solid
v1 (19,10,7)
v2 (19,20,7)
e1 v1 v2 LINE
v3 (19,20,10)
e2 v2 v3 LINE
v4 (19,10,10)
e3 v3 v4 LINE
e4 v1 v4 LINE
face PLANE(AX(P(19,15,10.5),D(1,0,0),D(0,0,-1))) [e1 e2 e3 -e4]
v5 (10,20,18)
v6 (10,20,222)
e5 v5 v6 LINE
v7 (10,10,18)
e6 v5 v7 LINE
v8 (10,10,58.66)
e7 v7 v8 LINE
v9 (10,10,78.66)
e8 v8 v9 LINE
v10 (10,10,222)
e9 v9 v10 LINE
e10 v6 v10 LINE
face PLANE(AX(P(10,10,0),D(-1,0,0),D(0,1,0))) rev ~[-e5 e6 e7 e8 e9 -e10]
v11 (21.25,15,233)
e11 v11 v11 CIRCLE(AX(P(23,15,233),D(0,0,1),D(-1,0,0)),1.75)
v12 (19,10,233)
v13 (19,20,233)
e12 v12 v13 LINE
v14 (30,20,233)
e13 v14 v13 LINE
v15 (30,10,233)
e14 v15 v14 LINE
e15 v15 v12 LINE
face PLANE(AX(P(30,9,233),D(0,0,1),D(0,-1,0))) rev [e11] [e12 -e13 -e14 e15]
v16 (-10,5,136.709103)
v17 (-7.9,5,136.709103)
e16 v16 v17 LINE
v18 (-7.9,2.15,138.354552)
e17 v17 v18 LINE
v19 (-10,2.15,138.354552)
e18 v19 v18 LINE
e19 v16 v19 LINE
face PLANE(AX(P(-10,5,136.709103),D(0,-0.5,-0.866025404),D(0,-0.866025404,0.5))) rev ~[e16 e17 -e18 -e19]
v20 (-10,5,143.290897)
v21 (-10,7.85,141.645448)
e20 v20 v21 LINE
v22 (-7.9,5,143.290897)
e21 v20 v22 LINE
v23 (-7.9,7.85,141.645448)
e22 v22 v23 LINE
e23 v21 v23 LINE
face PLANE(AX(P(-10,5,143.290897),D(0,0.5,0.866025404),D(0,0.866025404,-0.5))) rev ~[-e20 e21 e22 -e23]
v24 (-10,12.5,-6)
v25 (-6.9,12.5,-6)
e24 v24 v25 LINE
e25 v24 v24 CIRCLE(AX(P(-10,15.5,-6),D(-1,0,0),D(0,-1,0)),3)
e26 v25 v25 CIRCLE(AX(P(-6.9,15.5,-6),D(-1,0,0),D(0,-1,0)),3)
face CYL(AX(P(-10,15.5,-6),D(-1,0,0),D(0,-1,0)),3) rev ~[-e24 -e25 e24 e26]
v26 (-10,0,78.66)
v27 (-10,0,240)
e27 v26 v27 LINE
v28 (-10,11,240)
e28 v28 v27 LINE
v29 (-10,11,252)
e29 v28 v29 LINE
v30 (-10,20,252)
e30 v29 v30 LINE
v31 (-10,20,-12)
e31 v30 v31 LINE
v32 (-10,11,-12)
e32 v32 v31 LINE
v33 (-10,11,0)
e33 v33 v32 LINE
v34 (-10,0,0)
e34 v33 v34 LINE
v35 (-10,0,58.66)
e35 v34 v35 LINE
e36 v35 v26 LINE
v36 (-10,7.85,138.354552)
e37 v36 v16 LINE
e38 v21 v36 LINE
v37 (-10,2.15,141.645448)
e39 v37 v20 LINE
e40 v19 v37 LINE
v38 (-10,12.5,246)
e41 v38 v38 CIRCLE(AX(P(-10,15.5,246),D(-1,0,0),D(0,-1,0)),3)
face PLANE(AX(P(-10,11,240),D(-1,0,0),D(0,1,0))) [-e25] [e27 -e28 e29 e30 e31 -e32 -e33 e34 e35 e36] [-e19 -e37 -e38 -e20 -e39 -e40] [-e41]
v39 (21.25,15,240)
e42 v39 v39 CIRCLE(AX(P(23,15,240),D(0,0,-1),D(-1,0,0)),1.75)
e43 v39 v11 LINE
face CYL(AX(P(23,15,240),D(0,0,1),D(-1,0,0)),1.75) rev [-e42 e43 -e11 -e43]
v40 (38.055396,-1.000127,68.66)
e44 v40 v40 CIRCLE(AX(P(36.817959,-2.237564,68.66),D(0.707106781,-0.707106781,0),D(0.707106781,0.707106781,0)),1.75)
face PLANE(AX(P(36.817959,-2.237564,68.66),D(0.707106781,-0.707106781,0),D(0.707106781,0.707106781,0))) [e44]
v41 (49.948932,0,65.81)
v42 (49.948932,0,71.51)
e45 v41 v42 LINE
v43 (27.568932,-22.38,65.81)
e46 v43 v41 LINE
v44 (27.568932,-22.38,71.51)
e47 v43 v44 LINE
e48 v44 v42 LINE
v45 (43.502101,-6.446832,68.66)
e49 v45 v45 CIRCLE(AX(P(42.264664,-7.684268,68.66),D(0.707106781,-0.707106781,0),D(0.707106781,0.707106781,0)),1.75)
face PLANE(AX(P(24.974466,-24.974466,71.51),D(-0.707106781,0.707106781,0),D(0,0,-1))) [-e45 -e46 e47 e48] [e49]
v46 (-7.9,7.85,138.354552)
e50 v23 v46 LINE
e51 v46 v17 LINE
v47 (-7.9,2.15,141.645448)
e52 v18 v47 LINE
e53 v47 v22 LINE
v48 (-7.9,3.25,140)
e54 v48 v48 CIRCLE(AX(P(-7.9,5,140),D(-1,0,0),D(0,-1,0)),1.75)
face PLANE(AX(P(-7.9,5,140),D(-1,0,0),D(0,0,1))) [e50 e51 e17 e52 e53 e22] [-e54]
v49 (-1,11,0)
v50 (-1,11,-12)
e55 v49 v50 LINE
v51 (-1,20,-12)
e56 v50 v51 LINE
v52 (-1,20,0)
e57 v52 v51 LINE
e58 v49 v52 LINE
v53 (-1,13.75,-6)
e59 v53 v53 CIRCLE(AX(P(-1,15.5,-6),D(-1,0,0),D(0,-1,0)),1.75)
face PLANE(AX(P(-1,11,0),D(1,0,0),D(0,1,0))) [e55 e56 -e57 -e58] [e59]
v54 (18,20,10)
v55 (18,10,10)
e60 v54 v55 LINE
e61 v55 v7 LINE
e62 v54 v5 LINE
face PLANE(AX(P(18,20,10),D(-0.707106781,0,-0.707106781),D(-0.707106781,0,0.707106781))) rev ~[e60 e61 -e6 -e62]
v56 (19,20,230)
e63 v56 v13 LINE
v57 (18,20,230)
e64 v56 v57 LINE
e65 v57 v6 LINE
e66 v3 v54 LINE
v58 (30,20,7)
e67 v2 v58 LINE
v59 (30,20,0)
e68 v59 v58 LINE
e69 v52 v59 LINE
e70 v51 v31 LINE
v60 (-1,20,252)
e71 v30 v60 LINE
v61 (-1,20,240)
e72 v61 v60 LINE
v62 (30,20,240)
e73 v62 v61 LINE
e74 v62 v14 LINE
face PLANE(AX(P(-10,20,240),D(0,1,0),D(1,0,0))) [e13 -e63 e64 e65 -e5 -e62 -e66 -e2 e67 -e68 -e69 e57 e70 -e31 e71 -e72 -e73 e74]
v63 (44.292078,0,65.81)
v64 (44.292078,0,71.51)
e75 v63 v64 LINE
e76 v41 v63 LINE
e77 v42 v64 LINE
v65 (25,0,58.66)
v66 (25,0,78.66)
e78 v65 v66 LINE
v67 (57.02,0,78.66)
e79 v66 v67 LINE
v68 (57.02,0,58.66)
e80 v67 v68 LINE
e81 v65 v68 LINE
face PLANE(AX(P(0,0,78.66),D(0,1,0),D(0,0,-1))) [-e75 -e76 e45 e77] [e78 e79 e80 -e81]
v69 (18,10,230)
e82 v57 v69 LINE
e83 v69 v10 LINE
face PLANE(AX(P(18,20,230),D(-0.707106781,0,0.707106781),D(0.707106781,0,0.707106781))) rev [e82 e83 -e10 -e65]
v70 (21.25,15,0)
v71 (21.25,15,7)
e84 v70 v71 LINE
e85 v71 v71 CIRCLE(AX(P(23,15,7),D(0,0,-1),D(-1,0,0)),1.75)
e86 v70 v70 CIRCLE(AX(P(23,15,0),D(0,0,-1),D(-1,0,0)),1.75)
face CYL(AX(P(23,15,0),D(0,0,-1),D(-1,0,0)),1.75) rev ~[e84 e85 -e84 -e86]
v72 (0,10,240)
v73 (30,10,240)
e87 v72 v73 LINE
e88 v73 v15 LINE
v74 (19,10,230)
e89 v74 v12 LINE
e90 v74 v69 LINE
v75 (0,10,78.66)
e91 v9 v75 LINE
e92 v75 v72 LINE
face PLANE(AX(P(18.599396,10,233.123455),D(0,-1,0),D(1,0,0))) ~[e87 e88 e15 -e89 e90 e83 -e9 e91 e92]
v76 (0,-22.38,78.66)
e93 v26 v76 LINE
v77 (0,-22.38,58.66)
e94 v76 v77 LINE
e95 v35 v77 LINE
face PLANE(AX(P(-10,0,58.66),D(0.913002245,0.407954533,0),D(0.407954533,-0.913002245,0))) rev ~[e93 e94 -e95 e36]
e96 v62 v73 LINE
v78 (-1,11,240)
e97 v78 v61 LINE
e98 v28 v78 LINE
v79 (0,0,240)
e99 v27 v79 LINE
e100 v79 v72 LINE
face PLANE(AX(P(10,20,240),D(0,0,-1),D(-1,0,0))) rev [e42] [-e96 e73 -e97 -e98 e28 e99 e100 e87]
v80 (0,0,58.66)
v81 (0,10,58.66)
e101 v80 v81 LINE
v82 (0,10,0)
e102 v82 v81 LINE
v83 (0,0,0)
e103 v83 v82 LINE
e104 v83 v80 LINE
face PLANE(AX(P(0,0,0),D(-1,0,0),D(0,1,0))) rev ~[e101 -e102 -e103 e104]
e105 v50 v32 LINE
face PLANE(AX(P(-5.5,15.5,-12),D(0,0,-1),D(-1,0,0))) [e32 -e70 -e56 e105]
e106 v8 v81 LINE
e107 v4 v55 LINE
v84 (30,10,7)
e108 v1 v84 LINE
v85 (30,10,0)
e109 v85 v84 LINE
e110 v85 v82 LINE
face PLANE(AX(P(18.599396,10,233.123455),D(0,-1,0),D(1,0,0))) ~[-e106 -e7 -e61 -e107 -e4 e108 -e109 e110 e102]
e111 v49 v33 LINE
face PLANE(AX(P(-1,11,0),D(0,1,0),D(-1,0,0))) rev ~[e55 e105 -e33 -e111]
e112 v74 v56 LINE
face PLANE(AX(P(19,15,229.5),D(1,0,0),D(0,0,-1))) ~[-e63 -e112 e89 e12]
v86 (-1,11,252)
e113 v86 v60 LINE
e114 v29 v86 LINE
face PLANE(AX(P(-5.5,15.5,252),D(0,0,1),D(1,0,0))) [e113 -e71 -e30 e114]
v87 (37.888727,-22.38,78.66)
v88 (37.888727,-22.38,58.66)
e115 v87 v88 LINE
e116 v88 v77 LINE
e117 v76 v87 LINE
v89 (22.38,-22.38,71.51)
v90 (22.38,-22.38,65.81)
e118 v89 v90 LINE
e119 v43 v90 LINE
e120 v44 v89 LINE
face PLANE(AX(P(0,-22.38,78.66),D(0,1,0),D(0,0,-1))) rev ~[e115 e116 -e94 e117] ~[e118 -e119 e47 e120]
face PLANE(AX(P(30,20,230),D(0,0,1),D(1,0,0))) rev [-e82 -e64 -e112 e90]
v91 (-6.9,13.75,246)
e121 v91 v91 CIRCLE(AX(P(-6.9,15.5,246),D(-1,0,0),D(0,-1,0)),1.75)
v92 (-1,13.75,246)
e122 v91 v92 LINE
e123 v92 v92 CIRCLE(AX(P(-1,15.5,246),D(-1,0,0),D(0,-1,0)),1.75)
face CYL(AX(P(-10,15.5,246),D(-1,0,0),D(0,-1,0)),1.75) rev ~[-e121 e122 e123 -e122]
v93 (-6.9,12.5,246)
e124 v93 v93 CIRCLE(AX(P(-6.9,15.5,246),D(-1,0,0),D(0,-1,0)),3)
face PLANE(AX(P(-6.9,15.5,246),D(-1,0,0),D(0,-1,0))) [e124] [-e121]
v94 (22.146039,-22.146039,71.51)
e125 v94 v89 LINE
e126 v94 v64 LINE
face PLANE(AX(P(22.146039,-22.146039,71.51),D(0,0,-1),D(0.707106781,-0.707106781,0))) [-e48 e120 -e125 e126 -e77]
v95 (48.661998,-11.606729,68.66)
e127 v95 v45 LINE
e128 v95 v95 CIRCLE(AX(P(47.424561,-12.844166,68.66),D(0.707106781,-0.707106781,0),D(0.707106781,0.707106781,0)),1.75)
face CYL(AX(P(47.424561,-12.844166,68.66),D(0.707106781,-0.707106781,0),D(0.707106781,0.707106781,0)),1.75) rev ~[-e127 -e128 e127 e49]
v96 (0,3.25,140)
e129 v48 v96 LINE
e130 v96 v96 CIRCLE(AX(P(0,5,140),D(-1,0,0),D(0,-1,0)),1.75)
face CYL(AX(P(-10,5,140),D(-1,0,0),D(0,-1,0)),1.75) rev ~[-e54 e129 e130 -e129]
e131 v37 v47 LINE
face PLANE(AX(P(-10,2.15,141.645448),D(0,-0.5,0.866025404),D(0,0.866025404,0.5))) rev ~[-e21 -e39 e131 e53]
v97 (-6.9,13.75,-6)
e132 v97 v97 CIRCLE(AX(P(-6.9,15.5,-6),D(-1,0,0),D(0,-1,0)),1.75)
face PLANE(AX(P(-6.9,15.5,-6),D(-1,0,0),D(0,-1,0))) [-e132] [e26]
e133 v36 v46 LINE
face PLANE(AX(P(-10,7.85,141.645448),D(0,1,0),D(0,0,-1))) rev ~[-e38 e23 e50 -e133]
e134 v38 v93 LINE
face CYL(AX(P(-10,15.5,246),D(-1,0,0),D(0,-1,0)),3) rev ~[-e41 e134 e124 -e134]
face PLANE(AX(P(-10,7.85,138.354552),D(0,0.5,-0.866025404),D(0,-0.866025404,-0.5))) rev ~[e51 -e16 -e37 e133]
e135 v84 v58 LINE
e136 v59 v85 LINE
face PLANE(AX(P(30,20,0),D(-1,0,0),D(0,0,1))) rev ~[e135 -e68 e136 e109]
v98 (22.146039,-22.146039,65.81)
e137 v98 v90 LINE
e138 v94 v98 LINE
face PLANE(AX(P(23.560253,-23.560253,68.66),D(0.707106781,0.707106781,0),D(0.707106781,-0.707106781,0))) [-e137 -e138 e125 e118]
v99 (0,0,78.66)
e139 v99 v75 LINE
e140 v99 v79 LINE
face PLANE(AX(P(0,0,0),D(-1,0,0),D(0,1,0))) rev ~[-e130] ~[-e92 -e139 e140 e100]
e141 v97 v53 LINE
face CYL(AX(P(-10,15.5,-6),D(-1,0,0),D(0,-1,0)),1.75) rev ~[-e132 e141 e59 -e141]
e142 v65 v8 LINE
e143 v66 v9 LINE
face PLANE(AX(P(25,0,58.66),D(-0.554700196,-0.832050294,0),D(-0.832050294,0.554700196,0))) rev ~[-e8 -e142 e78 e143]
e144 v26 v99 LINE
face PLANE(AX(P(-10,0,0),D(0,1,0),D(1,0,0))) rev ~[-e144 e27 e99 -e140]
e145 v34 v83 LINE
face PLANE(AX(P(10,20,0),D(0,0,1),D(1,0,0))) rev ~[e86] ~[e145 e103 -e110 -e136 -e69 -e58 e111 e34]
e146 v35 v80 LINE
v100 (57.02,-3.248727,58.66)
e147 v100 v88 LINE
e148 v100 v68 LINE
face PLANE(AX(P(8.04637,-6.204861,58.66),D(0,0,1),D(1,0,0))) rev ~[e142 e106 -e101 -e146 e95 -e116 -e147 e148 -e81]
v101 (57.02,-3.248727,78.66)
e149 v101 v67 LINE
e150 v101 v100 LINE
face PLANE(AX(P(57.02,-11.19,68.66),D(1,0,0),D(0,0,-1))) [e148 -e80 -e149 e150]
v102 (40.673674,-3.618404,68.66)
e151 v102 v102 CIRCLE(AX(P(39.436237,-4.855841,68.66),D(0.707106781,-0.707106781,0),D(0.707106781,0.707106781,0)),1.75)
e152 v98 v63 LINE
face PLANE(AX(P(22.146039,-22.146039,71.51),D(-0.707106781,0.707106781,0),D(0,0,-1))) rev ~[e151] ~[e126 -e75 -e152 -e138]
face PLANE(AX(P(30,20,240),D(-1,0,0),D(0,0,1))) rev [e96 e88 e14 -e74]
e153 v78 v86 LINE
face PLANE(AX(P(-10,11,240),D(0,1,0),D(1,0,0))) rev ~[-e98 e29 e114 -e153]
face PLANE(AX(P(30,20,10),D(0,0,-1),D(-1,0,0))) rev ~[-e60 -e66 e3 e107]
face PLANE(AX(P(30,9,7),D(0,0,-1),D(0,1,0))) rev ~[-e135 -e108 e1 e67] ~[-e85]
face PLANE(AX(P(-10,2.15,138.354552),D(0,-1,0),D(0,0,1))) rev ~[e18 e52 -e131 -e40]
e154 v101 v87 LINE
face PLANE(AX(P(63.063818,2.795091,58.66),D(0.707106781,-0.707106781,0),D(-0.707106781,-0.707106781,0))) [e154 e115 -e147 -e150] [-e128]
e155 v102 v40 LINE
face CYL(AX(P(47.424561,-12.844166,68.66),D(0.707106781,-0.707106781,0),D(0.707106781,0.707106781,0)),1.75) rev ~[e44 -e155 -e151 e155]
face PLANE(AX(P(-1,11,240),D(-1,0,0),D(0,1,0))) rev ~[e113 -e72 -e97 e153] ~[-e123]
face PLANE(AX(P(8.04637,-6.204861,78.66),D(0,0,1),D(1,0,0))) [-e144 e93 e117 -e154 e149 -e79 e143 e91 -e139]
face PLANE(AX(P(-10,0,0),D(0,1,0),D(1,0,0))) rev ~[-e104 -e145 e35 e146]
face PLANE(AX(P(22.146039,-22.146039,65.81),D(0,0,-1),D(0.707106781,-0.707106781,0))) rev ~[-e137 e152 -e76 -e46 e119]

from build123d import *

# Parameters (mm, degrees)
BOSS_EXTRUDE1_DEPTH = 240
BOSS_EXTRUDE3_DEPTH = 10
SKETCH5_R           = 1.75
CUT_EXTRUDE1_DEPTH  = 243.69322199
SKETCH6_W           = 7
SKETCH6_H           = 12
CUT_EXTRUDE2_DEPTH  = 11
SKETCH7_W           = 20
SKETCH7_H           = 22.38
BOSS_EXTRUDE4_DEPTH = 57.02
BOSS_EXTRUDE5_DEPTH = 20
CUT_EXTRUDE3_DEPTH  = 20
SKETCH14_W          = 9
SKETCH14_H          = 9
BOSS_EXTRUDE6_DEPTH = 12
SKETCH15_W          = 9
SKETCH15_H          = 9
BOSS_EXTRUDE7_DEPTH = 12
SKETCH18_R          = 1.75
CUT_EXTRUDE10_DEPTH = 9
SKETCH19_R          = 3
CUT_EXTRUDE11_DEPTH = 3.1
SKETCH20_R          = 1.75
CUT_EXTRUDE12_DEPTH = 10
CUT_EXTRUDE13_DEPTH = 2.1
SKETCH22_R          = 1.75
CUT_EXTRUDE14_DEPTH = 15
SKETCH24_W          = 4
SKETCH24_H          = 5.7
CUT_EXTRUDE15_DEPTH = 260.337896961


with BuildPart() as part:
    # Sketch1 → Boss-Extrude1 (new body)
    with BuildSketch(Plane.XY):
        Polygon((-10, 0), (0, 0), (0, 10), (10, 10), (10, 20), (-10, 20), align=None)
    extrude(amount=BOSS_EXTRUDE1_DEPTH)

    # Sketch4 → Boss-Extrude3 (add)
    with BuildSketch(Plane(origin=(0, 20, 0), x_dir=(1, 0, 0), z_dir=(0, 1, 0))):
        Polygon((10, 0), (30, 0), (30, -10), (18, -10), (10, -18), align=None)
    boss_extrude3 = extrude(amount=-BOSS_EXTRUDE3_DEPTH)

    # Sketch5 → Cut-Extrude1 (cut, through all)
    with BuildSketch(Plane(origin=(0, 0, 0), x_dir=(-1, 0, 0), z_dir=(0, 0, -1))):
        with Locations((-23, 15)):
            Circle(SKETCH5_R)
    cut_extrude1 = extrude(amount=-CUT_EXTRUDE1_DEPTH, mode=Mode.SUBTRACT)

    # Sketch6 → Cut-Extrude2 (cut)
    with BuildSketch(Plane(origin=(30, 0, 0), x_dir=(0, 0, -1), z_dir=(1, 0, 0))):
        with Locations((-10.5, 15)):
            Rectangle(SKETCH6_W, SKETCH6_H)
    cut_extrude2 = extrude(amount=-CUT_EXTRUDE2_DEPTH, mode=Mode.SUBTRACT)

    # Mirror1: Boss-Extrude3, Cut-Extrude1, Cut-Extrude2 across plane
    add(boss_extrude3.mirror(Plane(origin=(0, 0, 120), x_dir=(1, 0, 0), z_dir=(0, 0, -1))))
    add(cut_extrude1.mirror(Plane(origin=(0, 0, 120), x_dir=(1, 0, 0), z_dir=(0, 0, -1))), mode=Mode.SUBTRACT)
    add(cut_extrude2.mirror(Plane(origin=(0, 0, 120), x_dir=(1, 0, 0), z_dir=(0, 0, -1))), mode=Mode.SUBTRACT)



with BuildPart() as body_2:
    # Sketch7 → Boss-Extrude4 (new body)
    with BuildSketch(Plane(origin=(0, 0, 0), x_dir=(0, 0, -1), z_dir=(1, 0, 0))):
        with Locations((-68.66, -11.19)):
            Rectangle(SKETCH7_W, SKETCH7_H)
    extrude(amount=BOSS_EXTRUDE4_DEPTH)


with BuildPart() as part_1:
    add(part.part)

    add(body_2.part)  # Boss-Extrude5 merges body 2
    # Sketch9 → Boss-Extrude5 (add)
    with BuildSketch(Plane(origin=(0, 0, 58.66), x_dir=(-1, 0, 0), z_dir=(0, 0, -1))):
        Polygon((-10, 10), (10, 10), (10, 0), (0, -22.38), (-25, -22.38), (-25, 0), align=None)
    extrude(amount=-BOSS_EXTRUDE5_DEPTH)

    # Sketch10 → Cut-Extrude3 (cut)
    with BuildSketch(Plane(origin=(0, 0, 58.66), x_dir=(-1, 0, 0), z_dir=(0, 0, -1))):
        Polygon((-31.667249158, -28.601477466), (-43.135001652, -40.069229961), (-74.531570141, -8.672661471), (-63.063817647, 2.795091023), align=None)
    extrude(amount=-CUT_EXTRUDE3_DEPTH, mode=Mode.SUBTRACT)

    # Sketch14 → Boss-Extrude6 (add)
    with BuildSketch(Plane(origin=(0, 0, 0), x_dir=(-1, 0, 0), z_dir=(0, 0, -1))):
        with Locations((5.5, 15.5)):
            Rectangle(SKETCH14_W, SKETCH14_H)
    extrude(amount=BOSS_EXTRUDE6_DEPTH)

    # Sketch15 → Boss-Extrude7 (add)
    with BuildSketch(Plane.XY.offset(240)):
        with Locations((-5.5, 15.5)):
            Rectangle(SKETCH15_W, SKETCH15_H)
    extrude(amount=BOSS_EXTRUDE7_DEPTH)

    # Sketch18 → Cut-Extrude10 (cut)
    with BuildSketch(Plane.ZY.offset(10)):
        with Locations(Location((-6, 15.5, 0), (0, 0, 270))):
            Circle(SKETCH18_R)
        with Locations(Location((246, 15.5, 0), (0, 0, 270))):
            Circle(SKETCH18_R)
    extrude(amount=-CUT_EXTRUDE10_DEPTH, mode=Mode.SUBTRACT)

    # Sketch19 → Cut-Extrude11 (cut)
    with BuildSketch(Plane.ZY.offset(10)):
        with Locations(Location((-6, 15.5, 0), (0, 0, 270))):
            Circle(SKETCH19_R)
        with Locations(Location((246, 15.5, 0), (0, 0, 270))):
            Circle(SKETCH19_R)
    extrude(amount=-CUT_EXTRUDE11_DEPTH, mode=Mode.SUBTRACT)

    # Sketch20 → Cut-Extrude12 (cut)
    with BuildSketch(Plane.ZY.offset(10)):
        with Locations(Location((140, 5, 0), (0, 0, 270))):
            Circle(SKETCH20_R)
    extrude(amount=-CUT_EXTRUDE12_DEPTH, mode=Mode.SUBTRACT)

    # Sketch21 → Cut-Extrude13 (cut)
    with BuildSketch(Plane.ZY.offset(10)):
        Polygon((141.645448267, 2.15), (143.290896534, 5), (141.645448267, 7.85), (138.354551733, 7.85), (136.709103466, 5), (138.354551733, 2.15), align=None)
    extrude(amount=-CUT_EXTRUDE13_DEPTH, mode=Mode.SUBTRACT)

    # Sketch22 → Cut-Extrude14 (cut)
    with BuildSketch(Plane(origin=(30.134363312, -30.134363312, 0), x_dir=(0, 0, -1), z_dir=(0.7071067811865474, -0.7071067811865477, 0))):
        with Locations(Location((-68.66, 24.452032037, 0), (0, 0, 90))):
            Circle(SKETCH22_R)
    extrude(amount=-CUT_EXTRUDE14_DEPTH, mode=Mode.SUBTRACT)

    # Sketch24 → Cut-Extrude15 (cut, through all)
    with BuildSketch(Plane(origin=(0, 0, 0), x_dir=(0.7071067811865477, -0.7071067811865475, 0), z_dir=(0.7071067811865475, 0.7071067811865477, 0))):
        with Locations((33.319228663, -68.66)):
            Rectangle(SKETCH24_W, SKETCH24_H)
    extrude(amount=CUT_EXTRUDE15_DEPTH, mode=Mode.SUBTRACT)


solid = part_1.part
